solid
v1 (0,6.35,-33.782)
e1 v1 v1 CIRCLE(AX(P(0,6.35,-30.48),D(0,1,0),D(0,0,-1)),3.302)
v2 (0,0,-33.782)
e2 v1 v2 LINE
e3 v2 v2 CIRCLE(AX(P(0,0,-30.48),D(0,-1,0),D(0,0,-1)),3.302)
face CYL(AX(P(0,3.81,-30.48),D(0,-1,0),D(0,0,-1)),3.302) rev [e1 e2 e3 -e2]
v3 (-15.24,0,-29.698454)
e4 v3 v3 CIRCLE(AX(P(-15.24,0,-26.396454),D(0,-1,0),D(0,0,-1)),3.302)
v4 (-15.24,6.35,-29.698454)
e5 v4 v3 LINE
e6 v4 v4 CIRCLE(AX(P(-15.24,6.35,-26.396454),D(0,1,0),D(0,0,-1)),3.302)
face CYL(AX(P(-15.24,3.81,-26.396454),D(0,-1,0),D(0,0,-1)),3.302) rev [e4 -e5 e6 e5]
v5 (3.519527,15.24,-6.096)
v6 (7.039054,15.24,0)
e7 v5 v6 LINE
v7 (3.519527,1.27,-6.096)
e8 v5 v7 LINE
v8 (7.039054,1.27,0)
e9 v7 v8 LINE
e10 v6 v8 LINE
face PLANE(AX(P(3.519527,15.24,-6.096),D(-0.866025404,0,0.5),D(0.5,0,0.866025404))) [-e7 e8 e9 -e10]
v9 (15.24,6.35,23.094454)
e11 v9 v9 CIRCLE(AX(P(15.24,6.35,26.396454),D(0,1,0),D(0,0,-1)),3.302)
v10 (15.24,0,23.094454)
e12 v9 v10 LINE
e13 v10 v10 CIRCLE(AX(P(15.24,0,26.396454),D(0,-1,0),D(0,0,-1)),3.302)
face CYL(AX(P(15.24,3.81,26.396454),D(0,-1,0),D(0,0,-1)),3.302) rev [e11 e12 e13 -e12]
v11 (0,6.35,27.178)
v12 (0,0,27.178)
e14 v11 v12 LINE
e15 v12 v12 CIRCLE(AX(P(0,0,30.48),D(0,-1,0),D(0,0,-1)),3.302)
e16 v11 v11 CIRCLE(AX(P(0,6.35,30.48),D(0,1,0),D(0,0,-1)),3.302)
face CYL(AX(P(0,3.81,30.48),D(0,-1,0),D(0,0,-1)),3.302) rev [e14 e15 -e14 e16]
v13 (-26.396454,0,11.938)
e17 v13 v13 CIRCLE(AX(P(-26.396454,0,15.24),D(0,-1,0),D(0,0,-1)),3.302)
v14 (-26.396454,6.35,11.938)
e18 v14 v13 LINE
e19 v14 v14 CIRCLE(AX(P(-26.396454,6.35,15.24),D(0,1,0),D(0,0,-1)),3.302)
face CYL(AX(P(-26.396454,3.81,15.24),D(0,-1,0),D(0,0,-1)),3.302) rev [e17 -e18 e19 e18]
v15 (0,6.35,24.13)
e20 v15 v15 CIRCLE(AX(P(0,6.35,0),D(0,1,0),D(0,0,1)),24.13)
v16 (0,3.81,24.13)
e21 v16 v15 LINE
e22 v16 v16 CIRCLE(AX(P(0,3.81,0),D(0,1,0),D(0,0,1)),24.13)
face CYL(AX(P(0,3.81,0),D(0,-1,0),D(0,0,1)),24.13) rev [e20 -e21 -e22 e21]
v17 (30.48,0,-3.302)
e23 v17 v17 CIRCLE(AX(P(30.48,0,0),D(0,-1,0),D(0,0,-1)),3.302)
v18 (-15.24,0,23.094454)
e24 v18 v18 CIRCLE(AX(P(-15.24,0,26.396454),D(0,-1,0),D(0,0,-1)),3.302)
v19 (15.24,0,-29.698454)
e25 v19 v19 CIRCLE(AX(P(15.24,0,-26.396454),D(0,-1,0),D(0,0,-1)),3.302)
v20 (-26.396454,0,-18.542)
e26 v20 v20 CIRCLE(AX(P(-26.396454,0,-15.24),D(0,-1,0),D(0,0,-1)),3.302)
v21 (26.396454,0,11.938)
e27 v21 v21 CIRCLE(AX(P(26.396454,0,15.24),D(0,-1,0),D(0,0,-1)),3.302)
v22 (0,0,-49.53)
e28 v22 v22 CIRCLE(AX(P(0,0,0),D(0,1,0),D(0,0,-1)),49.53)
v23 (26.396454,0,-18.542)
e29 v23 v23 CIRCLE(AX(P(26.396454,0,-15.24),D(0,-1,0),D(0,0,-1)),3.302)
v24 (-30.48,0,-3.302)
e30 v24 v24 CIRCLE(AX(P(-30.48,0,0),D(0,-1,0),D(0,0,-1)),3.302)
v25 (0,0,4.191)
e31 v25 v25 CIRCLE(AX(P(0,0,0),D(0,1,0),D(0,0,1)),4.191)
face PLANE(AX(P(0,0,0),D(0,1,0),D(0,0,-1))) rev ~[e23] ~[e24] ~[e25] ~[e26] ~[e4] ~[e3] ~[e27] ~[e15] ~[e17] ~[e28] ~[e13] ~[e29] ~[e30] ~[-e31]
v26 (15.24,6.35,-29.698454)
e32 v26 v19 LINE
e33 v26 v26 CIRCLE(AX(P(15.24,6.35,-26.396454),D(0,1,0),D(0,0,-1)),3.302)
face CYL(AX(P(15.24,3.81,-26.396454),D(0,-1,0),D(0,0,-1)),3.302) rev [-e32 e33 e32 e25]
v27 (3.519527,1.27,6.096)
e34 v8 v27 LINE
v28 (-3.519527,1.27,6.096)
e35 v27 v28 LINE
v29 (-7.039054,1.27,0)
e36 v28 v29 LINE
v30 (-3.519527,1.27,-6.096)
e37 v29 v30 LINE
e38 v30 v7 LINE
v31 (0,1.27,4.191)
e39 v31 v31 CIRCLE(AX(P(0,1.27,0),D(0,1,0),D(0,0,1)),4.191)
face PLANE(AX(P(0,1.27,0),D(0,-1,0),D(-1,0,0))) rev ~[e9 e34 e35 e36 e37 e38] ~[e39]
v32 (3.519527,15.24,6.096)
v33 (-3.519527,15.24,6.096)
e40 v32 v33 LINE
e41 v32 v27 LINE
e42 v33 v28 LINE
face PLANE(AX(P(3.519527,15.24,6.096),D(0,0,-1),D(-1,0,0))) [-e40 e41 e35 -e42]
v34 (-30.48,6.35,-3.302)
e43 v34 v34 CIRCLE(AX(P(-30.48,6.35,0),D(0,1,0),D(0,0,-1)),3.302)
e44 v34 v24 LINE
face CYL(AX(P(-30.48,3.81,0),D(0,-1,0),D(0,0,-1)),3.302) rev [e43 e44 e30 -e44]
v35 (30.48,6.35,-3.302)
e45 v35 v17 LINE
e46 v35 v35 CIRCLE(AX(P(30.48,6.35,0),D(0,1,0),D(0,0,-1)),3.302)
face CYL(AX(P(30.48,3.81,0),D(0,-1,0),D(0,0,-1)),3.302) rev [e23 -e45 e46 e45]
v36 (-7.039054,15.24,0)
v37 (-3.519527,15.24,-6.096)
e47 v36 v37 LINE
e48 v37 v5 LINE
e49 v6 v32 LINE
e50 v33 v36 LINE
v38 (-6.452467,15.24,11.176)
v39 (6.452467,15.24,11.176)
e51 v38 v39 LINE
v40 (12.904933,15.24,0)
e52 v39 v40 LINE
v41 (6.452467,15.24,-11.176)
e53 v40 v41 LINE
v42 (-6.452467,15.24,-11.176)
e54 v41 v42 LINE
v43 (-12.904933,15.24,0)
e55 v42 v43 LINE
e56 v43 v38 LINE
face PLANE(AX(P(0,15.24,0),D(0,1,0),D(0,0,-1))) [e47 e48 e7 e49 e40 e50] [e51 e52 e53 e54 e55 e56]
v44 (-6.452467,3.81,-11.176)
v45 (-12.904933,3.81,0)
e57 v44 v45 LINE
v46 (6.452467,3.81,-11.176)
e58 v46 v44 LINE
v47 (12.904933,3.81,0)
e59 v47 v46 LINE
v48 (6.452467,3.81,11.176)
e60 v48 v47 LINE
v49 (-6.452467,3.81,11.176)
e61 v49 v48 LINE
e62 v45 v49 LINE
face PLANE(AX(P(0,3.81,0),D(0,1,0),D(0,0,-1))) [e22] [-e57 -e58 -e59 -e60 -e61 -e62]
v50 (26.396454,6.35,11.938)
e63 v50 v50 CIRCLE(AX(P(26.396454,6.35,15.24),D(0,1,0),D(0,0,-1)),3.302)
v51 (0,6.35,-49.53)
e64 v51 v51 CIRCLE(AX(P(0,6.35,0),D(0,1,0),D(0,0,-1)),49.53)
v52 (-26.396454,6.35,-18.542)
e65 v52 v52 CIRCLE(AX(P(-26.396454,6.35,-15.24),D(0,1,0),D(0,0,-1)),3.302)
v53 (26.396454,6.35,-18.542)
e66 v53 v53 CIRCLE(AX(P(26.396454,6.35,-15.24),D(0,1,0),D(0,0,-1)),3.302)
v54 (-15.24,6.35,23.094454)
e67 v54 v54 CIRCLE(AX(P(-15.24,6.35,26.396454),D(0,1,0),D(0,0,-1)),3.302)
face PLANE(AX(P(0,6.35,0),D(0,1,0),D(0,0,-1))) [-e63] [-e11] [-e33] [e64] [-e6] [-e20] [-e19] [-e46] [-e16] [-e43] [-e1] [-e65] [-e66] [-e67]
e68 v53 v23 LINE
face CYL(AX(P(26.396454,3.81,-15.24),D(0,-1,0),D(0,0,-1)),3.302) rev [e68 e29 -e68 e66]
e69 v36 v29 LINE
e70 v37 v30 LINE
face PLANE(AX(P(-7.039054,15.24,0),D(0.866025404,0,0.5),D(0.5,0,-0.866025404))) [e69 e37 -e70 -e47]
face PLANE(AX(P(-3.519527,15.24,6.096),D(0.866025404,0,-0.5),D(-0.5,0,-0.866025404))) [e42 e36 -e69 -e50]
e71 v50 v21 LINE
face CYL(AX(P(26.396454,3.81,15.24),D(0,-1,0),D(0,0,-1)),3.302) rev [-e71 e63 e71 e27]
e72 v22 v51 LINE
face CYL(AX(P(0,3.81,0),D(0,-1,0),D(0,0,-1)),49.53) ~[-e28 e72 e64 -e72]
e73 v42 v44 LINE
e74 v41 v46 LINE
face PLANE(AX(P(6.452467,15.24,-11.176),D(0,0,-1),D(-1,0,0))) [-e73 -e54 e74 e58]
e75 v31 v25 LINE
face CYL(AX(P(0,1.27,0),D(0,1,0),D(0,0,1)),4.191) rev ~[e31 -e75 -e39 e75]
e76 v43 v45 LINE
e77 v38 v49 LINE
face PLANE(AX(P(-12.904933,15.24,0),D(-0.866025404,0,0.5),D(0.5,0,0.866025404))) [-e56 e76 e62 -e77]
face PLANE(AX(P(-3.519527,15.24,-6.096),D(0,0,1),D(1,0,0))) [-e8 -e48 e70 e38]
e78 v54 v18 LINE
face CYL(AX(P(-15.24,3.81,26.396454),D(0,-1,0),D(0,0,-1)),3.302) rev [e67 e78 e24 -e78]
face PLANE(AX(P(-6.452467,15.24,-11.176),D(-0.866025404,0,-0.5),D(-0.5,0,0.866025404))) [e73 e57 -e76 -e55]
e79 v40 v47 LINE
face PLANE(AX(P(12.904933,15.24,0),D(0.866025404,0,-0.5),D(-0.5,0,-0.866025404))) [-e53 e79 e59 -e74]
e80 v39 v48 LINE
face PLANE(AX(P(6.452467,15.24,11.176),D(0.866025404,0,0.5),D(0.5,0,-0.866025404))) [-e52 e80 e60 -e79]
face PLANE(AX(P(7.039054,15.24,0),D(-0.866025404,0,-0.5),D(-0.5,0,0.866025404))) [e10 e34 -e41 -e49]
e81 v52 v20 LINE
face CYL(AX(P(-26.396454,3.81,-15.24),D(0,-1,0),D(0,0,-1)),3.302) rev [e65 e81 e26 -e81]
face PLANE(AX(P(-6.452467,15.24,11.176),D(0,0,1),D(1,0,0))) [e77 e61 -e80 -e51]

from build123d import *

# Parameters (mm, degrees)
SKETCH1_R           = 49.53
BOSS_EXTRUDE1_DEPTH = 15.24
HEX_HOLE_DEPTH      = 13.97
SKETCH5_R           = 4.191
CENTERHOLE_DEPTH    = 72.425504548
SKETCH6_R           = 39.37
CUT_EXTRUDE1_DEPTH  = 11.43
SKETCH7_R           = 3.302
CUT_EXTRUDE2_DEPTH  = 72.684722222
SKETCH8_R           = 49.53
SKETCH8_R_2         = 39.37
CUT_EXTRUDE3_DEPTH  = 11.43
SKETCH9_R           = 49.53
SKETCH9_R_2         = 24.13
SKETCH9_R_3         = 3.302
BOSS_EXTRUDE2_DEPTH = 2.54


with BuildPart() as part:
    # Sketch1 → Boss-Extrude1 (new body)
    with BuildSketch(Plane(origin=(0, 0, 0), x_dir=(1, 0, 0), z_dir=(0, 1, 0))):
        with Locations(Location((0, 0, 0), (0, 0, 90))):
            Circle(SKETCH1_R)
    extrude(amount=BOSS_EXTRUDE1_DEPTH)

    # Sketch4 → Hex hole (cut)
    with BuildSketch(Plane(origin=(0, 15.24, 0), x_dir=(1, 0, 0), z_dir=(0, 1, 0))):
        Polygon((-3.519527241, 6.096), (3.519527241, 6.096), (7.039054482, 0), (3.519527241, -6.096), (-3.519527241, -6.096), (-7.039054482, 0), align=None)
    extrude(amount=-HEX_HOLE_DEPTH, mode=Mode.SUBTRACT)

    # Sketch5 → Centerhole (cut, through all)
    with BuildSketch(Plane(origin=(0, 1.27, 0), x_dir=(1, 0, 0), z_dir=(0, 1, 0))):
        with Locations(Location((0, 0, 0), (0, 0, 270))):
            Circle(SKETCH5_R)
    extrude(amount=-CENTERHOLE_DEPTH, mode=Mode.SUBTRACT)

    # Sketch6 → Cut-Extrude1 (cut)
    with BuildSketch(Plane(origin=(0, 15.24, 0), x_dir=(1, 0, 0), z_dir=(0, 1, 0))):
        with Locations(Location((0, 0, 0), (0, 0, 270))):
            Circle(SKETCH6_R)
        Polygon((12.904933217, 0), (6.452466608, 11.176), (-6.452466608, 11.176), (-12.904933217, 0), (-6.452466608, -11.176), (6.452466608, -11.176), align=None, mode=Mode.SUBTRACT)
    extrude(amount=-CUT_EXTRUDE1_DEPTH, mode=Mode.SUBTRACT)

    # Sketch7 → Cut-Extrude2 (cut, through all)
    with BuildSketch(Plane.XZ):
        with Locations(Location((0, 30.48, 0), (0, 0, 270))):
            Circle(SKETCH7_R)
        with Locations(Location((15.24, 26.396454307, 0), (0, 0, 270))):
            Circle(SKETCH7_R)
        with Locations(Location((26.396454307, 15.24, 0), (0, 0, 270))):
            Circle(SKETCH7_R)
        with Locations(Location((30.48, 0, 0), (0, 0, 270))):
            Circle(SKETCH7_R)
        with Locations(Location((26.396454307, -15.24, 0), (0, 0, 270))):
            Circle(SKETCH7_R)
        with Locations(Location((15.24, -26.396454307, 0), (0, 0, 270))):
            Circle(SKETCH7_R)
        with Locations(Location((0, -30.48, 0), (0, 0, 270))):
            Circle(SKETCH7_R)
        with Locations(Location((-15.24, -26.396454307, 0), (0, 0, 270))):
            Circle(SKETCH7_R)
        with Locations(Location((-26.396454307, -15.24, 0), (0, 0, 270))):
            Circle(SKETCH7_R)
        with Locations(Location((-30.48, 0, 0), (0, 0, 270))):
            Circle(SKETCH7_R)
        with Locations(Location((-26.396454307, 15.24, 0), (0, 0, 270))):
            Circle(SKETCH7_R)
        with Locations(Location((-15.24, 26.396454307, 0), (0, 0, 270))):
            Circle(SKETCH7_R)
    extrude(amount=-CUT_EXTRUDE2_DEPTH, mode=Mode.SUBTRACT)

    # Sketch8 → Cut-Extrude3 (cut)
    with BuildSketch(Plane(origin=(0, 15.24, 0), x_dir=(1, 0, 0), z_dir=(0, 1, 0))):
        with Locations(Location((0, 0, 0), (0, 0, 90))):
            Circle(SKETCH8_R)
        Circle(SKETCH8_R_2, mode=Mode.SUBTRACT)
    extrude(amount=-CUT_EXTRUDE3_DEPTH, mode=Mode.SUBTRACT)

    # Sketch9 → Boss-Extrude2 (add)
    with BuildSketch(Plane(origin=(0, 3.81, 0), x_dir=(1, 0, 0), z_dir=(0, 1, 0))):
        with Locations(Location((0, 0, 0), (0, 0, 90))):
            Circle(SKETCH9_R)
        with Locations(Location((0, 0, 0), (0, 0, 270))):
            Circle(SKETCH9_R_2, mode=Mode.SUBTRACT)
        with Locations(Location((0, 30.48, 0), (0, 0, 90))):
            Circle(SKETCH9_R_3, mode=Mode.SUBTRACT)
        with Locations(Location((15.24, 26.396454307, 0), (0, 0, 90))):
            Circle(SKETCH9_R_3, mode=Mode.SUBTRACT)
        with Locations(Location((26.396454307, 15.24, 0), (0, 0, 90))):
            Circle(SKETCH9_R_3, mode=Mode.SUBTRACT)
        with Locations(Location((30.48, 0, 0), (0, 0, 90))):
            Circle(SKETCH9_R_3, mode=Mode.SUBTRACT)
        with Locations(Location((26.396454307, -15.24, 0), (0, 0, 90))):
            Circle(SKETCH9_R_3, mode=Mode.SUBTRACT)
        with Locations(Location((15.24, -26.396454307, 0), (0, 0, 90))):
            Circle(SKETCH9_R_3, mode=Mode.SUBTRACT)
        with Locations(Location((0, -30.48, 0), (0, 0, 90))):
            Circle(SKETCH9_R_3, mode=Mode.SUBTRACT)
        with Locations(Location((-15.24, -26.396454307, 0), (0, 0, 90))):
            Circle(SKETCH9_R_3, mode=Mode.SUBTRACT)
        with Locations(Location((-26.396454307, -15.24, 0), (0, 0, 90))):
            Circle(SKETCH9_R_3, mode=Mode.SUBTRACT)
        with Locations(Location((-30.48, 0, 0), (0, 0, 90))):
            Circle(SKETCH9_R_3, mode=Mode.SUBTRACT)
        with Locations(Location((-26.396454307, 15.24, 0), (0, 0, 90))):
            Circle(SKETCH9_R_3, mode=Mode.SUBTRACT)
        with Locations(Location((-15.24, 26.396454307, 0), (0, 0, 90))):
            Circle(SKETCH9_R_3, mode=Mode.SUBTRACT)
    extrude(amount=BOSS_EXTRUDE2_DEPTH)


solid = part.part
